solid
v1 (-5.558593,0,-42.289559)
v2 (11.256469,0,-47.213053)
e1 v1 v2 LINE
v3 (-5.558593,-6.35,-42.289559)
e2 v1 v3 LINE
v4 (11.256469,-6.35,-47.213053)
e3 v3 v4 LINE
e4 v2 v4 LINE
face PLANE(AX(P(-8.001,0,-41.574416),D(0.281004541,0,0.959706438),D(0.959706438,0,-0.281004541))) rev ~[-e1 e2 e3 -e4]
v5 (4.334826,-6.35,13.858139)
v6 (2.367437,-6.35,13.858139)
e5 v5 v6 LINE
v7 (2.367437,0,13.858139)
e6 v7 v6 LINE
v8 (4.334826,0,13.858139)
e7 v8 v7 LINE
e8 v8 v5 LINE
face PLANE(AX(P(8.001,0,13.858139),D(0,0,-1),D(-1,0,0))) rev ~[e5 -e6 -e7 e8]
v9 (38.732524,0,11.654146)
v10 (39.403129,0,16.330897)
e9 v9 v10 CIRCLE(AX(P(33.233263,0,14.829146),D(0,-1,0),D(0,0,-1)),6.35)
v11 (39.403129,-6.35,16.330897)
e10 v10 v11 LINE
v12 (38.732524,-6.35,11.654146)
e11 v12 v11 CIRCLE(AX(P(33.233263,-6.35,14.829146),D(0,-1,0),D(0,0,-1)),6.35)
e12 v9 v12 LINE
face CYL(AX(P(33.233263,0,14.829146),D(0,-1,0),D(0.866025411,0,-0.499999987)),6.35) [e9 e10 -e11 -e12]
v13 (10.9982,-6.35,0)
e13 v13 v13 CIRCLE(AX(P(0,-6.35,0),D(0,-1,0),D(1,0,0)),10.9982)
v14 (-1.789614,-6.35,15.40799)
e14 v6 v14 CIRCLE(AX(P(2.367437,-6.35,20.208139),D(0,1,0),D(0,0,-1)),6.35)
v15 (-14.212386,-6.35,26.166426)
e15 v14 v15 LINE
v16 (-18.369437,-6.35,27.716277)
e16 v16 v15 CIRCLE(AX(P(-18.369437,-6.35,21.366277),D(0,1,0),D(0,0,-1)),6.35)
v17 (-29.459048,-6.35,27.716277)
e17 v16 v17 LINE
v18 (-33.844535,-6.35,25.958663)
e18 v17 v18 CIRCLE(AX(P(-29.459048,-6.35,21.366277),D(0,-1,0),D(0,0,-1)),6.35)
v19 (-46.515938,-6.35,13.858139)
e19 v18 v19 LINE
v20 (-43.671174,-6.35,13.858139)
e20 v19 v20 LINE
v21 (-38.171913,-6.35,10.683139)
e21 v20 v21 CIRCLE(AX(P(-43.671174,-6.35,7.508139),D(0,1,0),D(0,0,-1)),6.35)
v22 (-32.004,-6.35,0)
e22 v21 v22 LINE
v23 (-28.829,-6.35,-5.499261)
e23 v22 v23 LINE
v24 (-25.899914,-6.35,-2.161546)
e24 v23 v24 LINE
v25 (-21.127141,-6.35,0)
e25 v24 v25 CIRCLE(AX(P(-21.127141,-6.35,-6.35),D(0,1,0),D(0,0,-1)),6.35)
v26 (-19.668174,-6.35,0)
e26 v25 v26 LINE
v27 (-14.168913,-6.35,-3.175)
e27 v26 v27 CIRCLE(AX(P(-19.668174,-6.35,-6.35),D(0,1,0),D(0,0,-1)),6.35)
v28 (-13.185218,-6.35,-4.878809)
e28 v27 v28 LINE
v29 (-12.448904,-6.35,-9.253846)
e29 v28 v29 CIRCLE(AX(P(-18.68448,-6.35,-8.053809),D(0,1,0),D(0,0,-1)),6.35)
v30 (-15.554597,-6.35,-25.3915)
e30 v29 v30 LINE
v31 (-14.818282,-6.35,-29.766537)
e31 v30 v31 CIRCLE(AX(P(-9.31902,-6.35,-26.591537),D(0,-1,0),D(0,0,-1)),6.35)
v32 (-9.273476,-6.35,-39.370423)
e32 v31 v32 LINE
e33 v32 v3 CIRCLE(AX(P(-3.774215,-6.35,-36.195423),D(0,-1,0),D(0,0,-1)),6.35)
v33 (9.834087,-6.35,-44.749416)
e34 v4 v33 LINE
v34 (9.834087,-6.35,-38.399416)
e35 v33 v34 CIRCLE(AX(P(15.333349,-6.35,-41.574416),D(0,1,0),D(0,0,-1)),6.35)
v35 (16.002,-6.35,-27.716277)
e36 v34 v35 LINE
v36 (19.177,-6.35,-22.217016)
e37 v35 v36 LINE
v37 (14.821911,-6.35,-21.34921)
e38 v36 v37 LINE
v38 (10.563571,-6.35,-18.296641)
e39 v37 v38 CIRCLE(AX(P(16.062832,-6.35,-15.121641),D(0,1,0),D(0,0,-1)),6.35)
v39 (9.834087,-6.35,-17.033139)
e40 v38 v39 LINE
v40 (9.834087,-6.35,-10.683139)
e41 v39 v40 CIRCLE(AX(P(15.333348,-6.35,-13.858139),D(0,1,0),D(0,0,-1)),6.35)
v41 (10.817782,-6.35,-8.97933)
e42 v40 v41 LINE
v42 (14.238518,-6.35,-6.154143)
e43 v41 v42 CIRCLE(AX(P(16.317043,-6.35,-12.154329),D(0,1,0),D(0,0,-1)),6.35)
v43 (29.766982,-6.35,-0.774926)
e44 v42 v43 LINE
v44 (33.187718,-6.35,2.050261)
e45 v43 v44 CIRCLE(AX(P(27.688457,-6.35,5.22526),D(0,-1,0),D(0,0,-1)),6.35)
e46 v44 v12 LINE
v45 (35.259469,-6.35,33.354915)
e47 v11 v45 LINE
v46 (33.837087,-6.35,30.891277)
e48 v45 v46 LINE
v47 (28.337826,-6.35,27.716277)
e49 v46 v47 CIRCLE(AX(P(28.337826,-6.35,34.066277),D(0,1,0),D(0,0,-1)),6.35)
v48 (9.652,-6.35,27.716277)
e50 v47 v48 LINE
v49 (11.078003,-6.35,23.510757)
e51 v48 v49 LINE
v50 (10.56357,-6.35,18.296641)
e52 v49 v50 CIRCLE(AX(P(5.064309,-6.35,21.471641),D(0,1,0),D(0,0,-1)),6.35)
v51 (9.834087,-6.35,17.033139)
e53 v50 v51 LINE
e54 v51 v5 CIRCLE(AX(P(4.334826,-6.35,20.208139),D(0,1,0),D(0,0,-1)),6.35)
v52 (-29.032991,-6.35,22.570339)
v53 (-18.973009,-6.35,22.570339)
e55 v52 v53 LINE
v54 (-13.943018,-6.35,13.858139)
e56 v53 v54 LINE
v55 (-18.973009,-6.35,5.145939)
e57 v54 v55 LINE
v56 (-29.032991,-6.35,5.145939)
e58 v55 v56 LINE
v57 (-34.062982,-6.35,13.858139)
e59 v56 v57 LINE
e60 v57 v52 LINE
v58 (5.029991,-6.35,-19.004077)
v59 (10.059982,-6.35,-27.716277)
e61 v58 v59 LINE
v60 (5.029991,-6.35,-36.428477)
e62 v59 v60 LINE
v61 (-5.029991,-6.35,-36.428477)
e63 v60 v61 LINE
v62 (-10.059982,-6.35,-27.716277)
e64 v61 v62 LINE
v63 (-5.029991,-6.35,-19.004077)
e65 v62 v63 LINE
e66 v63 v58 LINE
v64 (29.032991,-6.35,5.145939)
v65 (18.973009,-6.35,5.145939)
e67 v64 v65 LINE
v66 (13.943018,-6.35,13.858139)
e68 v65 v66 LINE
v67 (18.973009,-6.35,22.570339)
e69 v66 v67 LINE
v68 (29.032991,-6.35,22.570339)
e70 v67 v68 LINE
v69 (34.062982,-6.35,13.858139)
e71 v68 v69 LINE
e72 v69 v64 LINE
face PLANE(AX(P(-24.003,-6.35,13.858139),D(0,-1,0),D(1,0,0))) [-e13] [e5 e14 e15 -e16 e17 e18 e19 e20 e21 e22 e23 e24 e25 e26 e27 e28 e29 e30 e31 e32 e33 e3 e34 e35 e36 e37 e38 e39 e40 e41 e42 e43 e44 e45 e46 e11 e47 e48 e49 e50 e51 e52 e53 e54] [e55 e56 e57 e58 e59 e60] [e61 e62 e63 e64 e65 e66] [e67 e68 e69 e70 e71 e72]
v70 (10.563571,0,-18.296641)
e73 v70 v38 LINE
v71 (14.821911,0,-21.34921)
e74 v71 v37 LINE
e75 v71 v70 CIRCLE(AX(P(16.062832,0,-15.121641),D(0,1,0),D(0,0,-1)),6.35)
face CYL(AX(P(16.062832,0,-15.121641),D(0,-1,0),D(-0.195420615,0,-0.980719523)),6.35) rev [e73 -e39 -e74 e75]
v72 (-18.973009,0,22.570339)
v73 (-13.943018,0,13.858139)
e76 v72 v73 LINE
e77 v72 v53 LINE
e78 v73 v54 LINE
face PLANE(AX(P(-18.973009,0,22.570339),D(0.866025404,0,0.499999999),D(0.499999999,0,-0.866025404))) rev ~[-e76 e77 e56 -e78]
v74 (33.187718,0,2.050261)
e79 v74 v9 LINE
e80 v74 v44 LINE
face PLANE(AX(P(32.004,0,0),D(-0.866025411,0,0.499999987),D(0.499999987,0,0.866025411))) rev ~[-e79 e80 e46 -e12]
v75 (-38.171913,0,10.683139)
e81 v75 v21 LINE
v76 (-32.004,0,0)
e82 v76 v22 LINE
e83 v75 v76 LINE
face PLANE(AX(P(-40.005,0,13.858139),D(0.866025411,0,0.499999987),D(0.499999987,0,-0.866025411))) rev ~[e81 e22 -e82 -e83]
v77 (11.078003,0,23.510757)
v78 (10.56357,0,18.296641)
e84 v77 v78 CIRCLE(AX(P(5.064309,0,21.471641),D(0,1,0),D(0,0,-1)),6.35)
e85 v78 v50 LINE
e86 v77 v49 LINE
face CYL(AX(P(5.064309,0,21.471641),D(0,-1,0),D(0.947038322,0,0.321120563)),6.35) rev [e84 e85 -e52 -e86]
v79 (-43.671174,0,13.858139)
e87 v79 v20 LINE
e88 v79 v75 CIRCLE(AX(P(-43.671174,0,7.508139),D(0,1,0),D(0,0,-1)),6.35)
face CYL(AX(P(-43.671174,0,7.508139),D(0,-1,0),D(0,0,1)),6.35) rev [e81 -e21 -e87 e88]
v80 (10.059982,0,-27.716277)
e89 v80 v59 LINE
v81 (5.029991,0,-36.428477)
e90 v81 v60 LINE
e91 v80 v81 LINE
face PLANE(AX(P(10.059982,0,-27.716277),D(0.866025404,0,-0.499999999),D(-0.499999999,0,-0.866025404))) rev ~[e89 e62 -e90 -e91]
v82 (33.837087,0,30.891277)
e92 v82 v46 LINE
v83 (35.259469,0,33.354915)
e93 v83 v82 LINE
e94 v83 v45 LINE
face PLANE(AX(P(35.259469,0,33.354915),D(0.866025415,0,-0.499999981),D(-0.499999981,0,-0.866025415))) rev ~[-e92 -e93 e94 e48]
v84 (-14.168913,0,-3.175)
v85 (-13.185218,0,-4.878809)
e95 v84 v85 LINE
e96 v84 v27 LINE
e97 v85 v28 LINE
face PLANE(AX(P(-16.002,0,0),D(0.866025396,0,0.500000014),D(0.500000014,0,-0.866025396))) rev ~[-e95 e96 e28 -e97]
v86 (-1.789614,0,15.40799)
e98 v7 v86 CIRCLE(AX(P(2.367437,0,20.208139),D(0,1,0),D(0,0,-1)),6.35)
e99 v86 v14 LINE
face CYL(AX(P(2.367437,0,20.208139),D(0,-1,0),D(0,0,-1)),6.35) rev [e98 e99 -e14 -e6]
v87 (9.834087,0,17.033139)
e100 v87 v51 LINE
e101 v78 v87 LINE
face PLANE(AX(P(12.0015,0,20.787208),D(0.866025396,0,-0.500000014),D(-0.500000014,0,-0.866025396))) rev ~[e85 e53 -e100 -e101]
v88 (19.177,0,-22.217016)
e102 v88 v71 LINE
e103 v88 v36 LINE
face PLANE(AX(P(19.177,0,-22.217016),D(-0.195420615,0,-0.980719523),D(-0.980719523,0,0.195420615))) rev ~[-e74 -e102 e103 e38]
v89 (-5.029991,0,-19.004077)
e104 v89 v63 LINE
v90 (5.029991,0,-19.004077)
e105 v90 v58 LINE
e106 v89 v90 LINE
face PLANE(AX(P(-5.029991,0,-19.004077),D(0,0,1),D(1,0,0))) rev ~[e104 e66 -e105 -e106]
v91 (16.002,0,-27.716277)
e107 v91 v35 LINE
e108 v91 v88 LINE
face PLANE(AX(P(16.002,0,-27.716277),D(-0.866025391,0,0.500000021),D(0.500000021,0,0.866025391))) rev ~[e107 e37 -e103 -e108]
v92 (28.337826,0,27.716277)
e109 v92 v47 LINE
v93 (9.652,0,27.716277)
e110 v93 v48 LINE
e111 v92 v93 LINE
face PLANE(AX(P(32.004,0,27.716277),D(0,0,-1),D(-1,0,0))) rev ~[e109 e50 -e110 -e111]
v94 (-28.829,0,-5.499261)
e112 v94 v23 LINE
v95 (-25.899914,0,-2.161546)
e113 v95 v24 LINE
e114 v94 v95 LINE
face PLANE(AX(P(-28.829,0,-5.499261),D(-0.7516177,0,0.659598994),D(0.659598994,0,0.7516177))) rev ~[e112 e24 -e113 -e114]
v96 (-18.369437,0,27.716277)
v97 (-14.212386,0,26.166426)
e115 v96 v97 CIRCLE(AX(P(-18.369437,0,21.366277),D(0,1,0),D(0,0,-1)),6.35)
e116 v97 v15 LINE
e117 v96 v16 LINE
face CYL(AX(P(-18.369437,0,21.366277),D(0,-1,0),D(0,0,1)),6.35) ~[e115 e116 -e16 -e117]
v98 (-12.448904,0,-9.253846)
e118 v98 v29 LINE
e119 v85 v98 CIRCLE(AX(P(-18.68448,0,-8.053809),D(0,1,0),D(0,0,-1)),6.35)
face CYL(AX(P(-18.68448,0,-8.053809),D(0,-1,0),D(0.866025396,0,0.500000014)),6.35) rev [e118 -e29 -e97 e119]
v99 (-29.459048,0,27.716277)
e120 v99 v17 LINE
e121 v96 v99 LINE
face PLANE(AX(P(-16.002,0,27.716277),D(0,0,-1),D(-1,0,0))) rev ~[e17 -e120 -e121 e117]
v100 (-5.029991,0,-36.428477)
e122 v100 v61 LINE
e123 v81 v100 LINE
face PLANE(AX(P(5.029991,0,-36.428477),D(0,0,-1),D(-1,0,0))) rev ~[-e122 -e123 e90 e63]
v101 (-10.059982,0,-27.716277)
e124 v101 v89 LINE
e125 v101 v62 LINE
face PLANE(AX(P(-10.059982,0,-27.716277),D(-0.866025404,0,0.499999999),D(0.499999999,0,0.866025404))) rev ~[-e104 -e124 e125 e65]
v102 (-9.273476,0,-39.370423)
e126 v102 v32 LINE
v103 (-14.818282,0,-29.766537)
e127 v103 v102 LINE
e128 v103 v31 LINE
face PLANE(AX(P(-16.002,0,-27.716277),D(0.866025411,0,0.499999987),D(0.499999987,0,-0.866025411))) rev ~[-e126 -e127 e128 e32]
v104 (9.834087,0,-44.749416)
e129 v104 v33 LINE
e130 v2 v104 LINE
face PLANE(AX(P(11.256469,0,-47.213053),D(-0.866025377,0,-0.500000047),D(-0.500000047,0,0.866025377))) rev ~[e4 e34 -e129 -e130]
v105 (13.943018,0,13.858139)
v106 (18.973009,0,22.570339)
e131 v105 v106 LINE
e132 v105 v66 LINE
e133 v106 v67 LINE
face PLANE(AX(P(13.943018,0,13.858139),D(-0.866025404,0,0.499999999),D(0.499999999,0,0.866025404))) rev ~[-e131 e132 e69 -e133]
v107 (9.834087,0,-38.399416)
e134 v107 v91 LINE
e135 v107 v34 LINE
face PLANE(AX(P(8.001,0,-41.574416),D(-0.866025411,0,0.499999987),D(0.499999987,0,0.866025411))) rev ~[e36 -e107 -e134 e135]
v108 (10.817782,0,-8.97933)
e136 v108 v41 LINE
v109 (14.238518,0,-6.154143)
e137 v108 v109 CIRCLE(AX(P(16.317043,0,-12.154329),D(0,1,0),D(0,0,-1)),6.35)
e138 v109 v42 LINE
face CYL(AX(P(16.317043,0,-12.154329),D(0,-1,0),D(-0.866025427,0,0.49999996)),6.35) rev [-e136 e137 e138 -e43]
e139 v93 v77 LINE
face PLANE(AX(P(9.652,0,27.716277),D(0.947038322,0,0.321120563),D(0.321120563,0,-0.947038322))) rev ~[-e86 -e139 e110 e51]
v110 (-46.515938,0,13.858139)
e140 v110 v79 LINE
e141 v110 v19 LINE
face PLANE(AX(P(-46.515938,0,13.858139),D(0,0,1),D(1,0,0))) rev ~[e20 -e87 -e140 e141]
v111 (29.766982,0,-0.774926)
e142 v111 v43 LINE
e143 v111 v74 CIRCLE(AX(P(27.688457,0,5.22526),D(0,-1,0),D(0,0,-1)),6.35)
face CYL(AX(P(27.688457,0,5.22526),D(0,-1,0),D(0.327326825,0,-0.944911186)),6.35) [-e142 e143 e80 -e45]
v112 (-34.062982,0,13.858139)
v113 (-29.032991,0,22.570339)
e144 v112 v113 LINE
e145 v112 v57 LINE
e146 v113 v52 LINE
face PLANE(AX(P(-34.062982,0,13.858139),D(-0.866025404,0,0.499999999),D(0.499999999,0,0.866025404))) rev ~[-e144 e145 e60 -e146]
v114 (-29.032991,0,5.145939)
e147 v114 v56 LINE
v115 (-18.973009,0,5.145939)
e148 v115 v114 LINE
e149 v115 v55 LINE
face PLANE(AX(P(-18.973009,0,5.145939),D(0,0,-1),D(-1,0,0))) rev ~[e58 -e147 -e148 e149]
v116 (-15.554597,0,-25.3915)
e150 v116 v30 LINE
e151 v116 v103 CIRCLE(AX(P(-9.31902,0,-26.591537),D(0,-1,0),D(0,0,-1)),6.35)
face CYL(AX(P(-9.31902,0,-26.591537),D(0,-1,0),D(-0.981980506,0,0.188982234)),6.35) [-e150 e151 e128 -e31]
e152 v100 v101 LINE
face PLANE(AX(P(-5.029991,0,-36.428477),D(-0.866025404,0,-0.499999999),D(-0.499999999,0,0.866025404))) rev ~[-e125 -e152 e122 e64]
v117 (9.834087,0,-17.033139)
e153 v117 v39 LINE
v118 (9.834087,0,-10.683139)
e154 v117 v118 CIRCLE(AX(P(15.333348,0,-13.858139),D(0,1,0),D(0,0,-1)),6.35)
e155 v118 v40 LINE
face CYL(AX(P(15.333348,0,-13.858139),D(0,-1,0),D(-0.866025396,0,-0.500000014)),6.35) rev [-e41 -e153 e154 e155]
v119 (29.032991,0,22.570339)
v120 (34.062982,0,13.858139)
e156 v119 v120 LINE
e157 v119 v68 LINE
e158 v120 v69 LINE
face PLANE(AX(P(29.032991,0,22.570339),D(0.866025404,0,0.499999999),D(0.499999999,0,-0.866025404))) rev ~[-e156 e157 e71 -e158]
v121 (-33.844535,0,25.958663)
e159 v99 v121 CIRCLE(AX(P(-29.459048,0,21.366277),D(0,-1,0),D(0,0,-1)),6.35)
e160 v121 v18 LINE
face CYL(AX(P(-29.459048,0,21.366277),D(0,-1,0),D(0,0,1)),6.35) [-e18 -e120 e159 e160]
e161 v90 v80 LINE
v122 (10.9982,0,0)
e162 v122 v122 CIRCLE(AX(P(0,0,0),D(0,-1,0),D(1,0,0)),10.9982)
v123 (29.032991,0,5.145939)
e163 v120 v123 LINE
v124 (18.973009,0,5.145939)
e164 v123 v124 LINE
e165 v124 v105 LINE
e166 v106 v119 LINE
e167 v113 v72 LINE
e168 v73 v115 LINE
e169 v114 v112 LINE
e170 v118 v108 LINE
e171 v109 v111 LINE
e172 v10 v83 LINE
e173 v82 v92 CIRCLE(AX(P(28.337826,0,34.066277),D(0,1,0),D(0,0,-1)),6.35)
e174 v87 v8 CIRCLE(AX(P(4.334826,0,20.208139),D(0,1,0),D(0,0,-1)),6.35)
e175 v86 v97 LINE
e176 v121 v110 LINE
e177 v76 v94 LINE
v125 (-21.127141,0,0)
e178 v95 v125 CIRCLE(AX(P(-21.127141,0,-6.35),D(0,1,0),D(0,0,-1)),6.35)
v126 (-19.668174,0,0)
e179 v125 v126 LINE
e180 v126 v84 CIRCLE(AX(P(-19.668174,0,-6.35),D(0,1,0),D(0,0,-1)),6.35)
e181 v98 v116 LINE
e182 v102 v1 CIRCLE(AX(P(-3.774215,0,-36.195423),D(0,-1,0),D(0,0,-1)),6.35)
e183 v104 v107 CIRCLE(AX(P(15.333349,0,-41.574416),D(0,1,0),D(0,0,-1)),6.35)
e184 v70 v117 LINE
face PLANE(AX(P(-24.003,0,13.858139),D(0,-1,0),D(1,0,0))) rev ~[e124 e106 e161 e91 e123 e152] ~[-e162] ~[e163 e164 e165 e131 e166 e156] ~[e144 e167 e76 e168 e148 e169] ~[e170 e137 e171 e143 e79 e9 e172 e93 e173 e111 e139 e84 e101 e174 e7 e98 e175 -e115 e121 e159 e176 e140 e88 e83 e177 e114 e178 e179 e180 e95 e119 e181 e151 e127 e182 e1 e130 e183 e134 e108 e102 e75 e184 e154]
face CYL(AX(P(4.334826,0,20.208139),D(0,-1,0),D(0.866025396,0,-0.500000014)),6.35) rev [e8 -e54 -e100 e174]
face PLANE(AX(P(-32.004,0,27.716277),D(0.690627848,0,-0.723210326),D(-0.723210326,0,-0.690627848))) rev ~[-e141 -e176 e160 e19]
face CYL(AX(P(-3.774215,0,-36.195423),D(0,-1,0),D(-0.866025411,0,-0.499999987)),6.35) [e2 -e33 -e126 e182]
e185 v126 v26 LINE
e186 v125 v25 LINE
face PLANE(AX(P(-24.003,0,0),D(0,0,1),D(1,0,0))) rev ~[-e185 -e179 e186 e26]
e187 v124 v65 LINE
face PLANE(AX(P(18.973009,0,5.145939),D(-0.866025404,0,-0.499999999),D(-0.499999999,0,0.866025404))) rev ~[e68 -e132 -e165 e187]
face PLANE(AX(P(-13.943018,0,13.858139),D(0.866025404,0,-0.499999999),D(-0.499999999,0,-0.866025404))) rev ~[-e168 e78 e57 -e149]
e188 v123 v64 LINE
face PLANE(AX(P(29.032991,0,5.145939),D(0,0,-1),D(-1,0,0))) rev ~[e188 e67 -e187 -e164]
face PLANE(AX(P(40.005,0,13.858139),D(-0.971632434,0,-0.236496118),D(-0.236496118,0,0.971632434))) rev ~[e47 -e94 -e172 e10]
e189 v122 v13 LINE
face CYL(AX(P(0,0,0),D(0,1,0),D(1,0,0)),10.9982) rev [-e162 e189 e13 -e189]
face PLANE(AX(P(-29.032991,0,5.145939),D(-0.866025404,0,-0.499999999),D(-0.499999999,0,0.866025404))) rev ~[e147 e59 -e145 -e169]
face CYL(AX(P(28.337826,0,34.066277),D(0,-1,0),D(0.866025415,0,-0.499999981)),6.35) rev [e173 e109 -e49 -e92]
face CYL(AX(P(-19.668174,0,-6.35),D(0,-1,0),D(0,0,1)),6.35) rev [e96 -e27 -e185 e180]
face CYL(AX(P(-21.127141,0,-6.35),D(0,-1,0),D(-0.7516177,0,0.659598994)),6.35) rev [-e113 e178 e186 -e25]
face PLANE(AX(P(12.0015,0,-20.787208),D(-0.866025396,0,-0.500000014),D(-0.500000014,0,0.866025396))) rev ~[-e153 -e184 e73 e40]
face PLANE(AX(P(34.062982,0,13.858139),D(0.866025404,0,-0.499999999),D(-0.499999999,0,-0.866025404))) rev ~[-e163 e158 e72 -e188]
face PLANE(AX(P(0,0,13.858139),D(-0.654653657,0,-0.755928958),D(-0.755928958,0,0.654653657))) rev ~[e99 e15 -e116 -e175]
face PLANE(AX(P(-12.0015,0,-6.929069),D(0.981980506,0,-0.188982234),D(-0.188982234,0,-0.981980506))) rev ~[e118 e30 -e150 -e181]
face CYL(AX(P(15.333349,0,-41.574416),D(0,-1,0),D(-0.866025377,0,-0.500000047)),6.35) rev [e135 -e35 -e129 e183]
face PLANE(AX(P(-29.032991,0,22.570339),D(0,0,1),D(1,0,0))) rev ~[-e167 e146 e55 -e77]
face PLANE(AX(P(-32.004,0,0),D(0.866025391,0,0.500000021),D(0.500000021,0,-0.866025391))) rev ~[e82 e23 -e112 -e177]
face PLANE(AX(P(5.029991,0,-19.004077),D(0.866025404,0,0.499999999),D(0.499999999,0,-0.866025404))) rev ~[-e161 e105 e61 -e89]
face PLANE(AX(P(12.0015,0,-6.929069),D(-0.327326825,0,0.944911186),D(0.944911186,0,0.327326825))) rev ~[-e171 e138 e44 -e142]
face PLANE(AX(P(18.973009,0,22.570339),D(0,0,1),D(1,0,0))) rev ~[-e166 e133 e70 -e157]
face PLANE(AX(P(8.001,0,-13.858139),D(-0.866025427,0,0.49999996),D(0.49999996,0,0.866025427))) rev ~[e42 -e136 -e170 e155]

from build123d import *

# Parameters (mm, degrees)
F0_R     = 10.9982
F1_DEPTH = 6.35
F2_R     = 6.35


with BuildPart() as f1:
    # F0 (on Front) → F1 (new body)
    with BuildSketch(Plane.XZ):
        Polygon((-24.003, 0), (-16.002, 0), (-8.001, 13.858139), (-16.002, 27.716277), (-32.004, 27.716277), (-40.005, 13.858139), (-32.004, 0), align=None)
        Polygon((-13.943018, 13.858139), (-18.973009, 5.145939), (-29.032991, 5.145939), (-34.062982, 13.858139), (-29.032991, 22.570339), (-18.973009, 22.570339), align=None, mode=Mode.SUBTRACT)
        Polygon((-28.829, -5.499261), (-24.003, 0), (-32.004, 0), align=None)
        Polygon((-8.001, -13.858139), (8.001, -13.858139), (12.0015, -6.929069), (16.002, 0), (8.001, 13.858139), (0, 13.858139), (-8.001, 13.858139), (-16.002, 0), (-12.0015, -6.929069), align=None)
        Circle(F0_R, mode=Mode.SUBTRACT)
        Polygon((8.001, 13.858139), (16.002, 0), (32.004, 0), (40.005, 13.858139), (32.004, 27.716277), (16.002, 27.716277), (12.0015, 20.787208), align=None)
        Polygon((29.032991, 22.570339), (34.062982, 13.858139), (29.032991, 5.145939), (18.973009, 5.145939), (13.943018, 13.858139), (18.973009, 22.570339), align=None, mode=Mode.SUBTRACT)
        Polygon((9.652, 27.716277), (12.0015, 20.787208), (16.002, 27.716277), align=None)
        Polygon((12.0015, -20.787208), (8.001, -13.858139), (-8.001, -13.858139), (-16.002, -27.716277), (-8.001, -41.574416), (8.001, -41.574416), (16.002, -27.716277), align=None)
        Polygon((5.029991, -36.428477), (-5.029991, -36.428477), (-10.059982, -27.716277), (-5.029991, -19.004077), (5.029991, -19.004077), (10.059982, -27.716277), align=None, mode=Mode.SUBTRACT)
        Polygon((19.177, -22.217016), (12.0015, -20.787208), (16.002, -27.716277), align=None)
        Polygon((-40.005, 13.858139), (-32.004, 27.716277), (-46.515938, 13.858139), align=None)
        Polygon((32.004, 27.716277), (40.005, 13.858139), (35.259469, 33.354915), align=None)
        Polygon((8.001, -41.574416), (-8.001, -41.574416), (11.256469, -47.213053), align=None)
        Polygon((-16.002, 27.716277), (-8.001, 13.858139), (0, 13.858139), align=None)
        Polygon((-16.002, -27.716277), (-8.001, -13.858139), (-12.0015, -6.929069), align=None)
        Polygon((16.002, 0), (12.0015, -6.929069), (32.004, 0), align=None)
    extrude(amount=F1_DEPTH)

    # F2
    f2_edges = [f1.edges().sort_by_distance(p)[0] for p in [
        (32.004, -3.175, 27.716277),
        (8.001, -3.175, 13.858139),
        (0, -3.175, 13.858139),
        (-16.002, -3.175, 27.716277),
        (-32.004, -3.175, 27.716277),
        (-40.005, -3.175, 13.858139),
        (-16.002, -3.175, 0),
        (-12.0015, -3.175, -6.929069),
        (-16.002, -3.175, -27.716277),
        (-8.001, -3.175, -41.574416),
        (8.001, -3.175, -41.574416),
        (8.001, -3.175, -13.858139),
        (12.0015, -3.175, -6.929069),
        (32.004, -3.175, 0),
        (40.005, -3.175, 13.858139),
        (-24.003, -3.175, 0),
        (12.0015, -3.175, -20.787208),
        (12.0015, -3.175, 20.787208),
    ]]
    fillet(f2_edges, radius=F2_R)


solid = f1.part
